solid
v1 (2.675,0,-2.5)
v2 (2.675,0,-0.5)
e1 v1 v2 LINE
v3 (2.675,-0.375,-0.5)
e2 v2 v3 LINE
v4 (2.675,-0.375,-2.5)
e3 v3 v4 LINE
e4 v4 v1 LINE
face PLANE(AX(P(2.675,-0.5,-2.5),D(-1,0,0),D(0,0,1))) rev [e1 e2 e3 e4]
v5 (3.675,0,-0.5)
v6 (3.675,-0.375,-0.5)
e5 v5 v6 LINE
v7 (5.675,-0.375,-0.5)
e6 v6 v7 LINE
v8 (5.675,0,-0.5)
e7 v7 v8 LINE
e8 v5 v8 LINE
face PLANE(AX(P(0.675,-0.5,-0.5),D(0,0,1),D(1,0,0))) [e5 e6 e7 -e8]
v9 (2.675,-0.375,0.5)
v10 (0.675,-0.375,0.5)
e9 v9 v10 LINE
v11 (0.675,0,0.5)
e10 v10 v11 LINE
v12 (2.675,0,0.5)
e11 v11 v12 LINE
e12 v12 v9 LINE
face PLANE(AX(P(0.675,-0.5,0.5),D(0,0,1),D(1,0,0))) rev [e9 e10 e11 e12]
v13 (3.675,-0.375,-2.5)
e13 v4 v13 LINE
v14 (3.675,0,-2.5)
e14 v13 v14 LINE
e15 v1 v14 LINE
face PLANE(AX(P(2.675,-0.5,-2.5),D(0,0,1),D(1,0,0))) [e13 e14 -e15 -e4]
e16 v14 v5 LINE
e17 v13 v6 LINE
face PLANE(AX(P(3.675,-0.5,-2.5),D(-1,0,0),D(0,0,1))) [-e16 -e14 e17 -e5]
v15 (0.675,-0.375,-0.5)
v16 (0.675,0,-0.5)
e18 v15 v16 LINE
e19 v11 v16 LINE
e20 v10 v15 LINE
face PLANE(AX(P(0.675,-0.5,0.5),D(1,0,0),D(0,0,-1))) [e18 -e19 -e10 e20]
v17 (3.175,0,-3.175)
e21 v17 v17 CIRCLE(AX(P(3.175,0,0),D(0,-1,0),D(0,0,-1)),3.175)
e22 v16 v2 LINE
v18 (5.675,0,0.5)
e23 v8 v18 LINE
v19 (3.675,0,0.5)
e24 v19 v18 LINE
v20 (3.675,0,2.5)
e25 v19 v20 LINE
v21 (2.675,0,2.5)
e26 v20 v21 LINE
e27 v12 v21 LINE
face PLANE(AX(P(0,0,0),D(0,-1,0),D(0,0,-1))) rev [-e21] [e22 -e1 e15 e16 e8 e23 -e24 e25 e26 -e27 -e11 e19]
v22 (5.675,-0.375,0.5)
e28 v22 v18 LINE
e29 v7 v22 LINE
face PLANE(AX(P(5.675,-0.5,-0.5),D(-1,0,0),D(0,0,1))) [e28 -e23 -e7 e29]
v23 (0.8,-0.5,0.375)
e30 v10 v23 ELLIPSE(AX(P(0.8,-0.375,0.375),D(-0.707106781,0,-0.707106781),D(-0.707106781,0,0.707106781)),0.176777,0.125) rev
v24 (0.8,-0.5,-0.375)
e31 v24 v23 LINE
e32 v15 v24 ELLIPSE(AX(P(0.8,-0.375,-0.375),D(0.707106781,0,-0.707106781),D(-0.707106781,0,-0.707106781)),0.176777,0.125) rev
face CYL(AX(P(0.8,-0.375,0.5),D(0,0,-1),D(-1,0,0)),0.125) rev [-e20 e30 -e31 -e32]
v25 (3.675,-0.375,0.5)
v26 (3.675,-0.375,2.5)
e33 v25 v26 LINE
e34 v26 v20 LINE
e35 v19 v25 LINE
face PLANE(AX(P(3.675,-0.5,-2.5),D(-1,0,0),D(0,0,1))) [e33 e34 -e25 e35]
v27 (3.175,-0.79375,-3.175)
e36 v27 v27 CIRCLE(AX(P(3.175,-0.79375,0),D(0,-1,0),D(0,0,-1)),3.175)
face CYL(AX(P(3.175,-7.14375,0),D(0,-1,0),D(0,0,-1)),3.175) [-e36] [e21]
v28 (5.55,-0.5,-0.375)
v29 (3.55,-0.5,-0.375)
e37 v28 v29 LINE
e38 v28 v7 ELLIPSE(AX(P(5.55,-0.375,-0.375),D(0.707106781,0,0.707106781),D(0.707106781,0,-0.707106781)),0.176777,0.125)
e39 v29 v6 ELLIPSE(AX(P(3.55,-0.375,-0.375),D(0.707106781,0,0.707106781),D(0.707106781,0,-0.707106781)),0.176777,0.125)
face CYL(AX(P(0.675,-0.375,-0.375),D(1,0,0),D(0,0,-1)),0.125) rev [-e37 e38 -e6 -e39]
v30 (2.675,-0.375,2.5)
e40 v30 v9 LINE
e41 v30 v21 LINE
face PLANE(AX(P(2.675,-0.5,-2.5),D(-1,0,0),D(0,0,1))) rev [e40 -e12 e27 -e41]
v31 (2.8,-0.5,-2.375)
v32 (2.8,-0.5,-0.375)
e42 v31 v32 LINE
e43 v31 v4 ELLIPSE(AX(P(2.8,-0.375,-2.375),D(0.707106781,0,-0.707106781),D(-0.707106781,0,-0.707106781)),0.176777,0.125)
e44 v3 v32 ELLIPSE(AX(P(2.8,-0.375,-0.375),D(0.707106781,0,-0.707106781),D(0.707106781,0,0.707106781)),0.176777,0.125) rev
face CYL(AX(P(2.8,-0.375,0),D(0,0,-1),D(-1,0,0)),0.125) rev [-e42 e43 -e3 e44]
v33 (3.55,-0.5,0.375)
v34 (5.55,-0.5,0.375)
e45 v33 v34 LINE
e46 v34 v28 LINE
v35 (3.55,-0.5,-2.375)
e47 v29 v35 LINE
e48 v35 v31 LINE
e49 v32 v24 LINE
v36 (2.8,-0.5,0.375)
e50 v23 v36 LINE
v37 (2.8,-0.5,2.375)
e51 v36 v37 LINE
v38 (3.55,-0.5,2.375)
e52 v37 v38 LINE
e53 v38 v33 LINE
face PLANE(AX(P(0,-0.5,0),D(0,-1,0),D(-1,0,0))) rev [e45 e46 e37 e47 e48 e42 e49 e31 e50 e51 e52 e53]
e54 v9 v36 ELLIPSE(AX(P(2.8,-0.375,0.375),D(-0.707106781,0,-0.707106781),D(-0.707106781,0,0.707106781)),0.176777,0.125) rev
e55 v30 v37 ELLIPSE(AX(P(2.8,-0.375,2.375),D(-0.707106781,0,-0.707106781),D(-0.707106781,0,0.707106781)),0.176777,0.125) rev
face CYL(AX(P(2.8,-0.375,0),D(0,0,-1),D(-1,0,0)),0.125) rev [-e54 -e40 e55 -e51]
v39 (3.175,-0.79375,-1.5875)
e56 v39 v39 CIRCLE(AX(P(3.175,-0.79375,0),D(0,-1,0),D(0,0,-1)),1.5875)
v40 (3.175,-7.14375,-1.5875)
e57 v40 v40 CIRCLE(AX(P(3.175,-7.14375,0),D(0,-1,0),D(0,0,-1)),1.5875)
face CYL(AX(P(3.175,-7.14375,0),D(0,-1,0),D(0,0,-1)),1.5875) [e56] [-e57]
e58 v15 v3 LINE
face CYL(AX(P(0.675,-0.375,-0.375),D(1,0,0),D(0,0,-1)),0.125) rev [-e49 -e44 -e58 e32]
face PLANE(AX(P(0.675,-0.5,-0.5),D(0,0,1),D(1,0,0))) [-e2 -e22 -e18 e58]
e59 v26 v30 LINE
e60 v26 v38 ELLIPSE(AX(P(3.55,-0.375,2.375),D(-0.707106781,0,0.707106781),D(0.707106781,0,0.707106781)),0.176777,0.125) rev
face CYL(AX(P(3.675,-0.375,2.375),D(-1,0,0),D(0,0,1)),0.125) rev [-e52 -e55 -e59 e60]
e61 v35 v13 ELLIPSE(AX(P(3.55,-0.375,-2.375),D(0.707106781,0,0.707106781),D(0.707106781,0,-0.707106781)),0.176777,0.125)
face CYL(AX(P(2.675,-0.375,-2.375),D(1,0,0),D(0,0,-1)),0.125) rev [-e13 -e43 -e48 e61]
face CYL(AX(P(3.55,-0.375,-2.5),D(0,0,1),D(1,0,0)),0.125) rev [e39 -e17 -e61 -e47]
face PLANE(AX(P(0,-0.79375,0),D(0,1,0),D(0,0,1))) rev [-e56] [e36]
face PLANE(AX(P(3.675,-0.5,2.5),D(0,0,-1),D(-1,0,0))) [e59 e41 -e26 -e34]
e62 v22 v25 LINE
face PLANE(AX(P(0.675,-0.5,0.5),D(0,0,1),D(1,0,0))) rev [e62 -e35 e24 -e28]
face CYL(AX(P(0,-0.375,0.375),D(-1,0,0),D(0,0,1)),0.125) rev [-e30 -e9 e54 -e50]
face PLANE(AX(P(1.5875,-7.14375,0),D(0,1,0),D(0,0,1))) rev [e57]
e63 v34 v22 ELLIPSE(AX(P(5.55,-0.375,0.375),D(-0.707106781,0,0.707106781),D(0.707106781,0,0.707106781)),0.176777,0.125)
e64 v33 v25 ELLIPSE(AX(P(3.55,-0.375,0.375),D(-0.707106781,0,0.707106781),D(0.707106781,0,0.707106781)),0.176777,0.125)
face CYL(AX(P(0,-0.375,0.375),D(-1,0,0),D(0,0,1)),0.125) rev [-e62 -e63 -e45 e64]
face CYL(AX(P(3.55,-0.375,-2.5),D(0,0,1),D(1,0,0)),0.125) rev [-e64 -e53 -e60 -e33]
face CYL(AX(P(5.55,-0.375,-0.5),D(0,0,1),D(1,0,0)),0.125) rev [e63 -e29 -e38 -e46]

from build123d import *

# Parameters (mm, degrees)
SKETCH2_W               = 5
SKETCH2_H               = 1
SKETCH2_W_2             = 1
SKETCH2_H_2             = 5
CUT_EXTRUDE_THIN1_DEPTH = 0.5
FILLET2_R               = 0.125


with BuildPart() as part:
    # Sketch1 → Revolve1 (revolve)
    with BuildSketch(Plane.XY, mode=Mode.PRIVATE) as revolve1_sk:
        Polygon((0, 0), (0, -0.79375), (1.5875, -0.79375), (1.5875, -7.14375), (3.175, -7.14375), (3.175, 0), align=None)
    revolve(revolve1_sk.sketch.rotate(Axis((3.175, -7.14375, 0), (0, 1, 0)), 270), axis=Axis((3.175, -7.14375, 0), (0, 1, 0)))

    # Sketch2 → Cut-Extrude-Thin1 (cut)
    with BuildSketch(Plane(origin=(0, 0, 0), x_dir=(1, 0, 0), z_dir=(0, 1, 0))):
        with Locations((3.175, 0)):
            Rectangle(SKETCH2_W, SKETCH2_H)
        with Locations((3.175, 0)):
            Rectangle(SKETCH2_W_2, SKETCH2_H_2)
    extrude(amount=-CUT_EXTRUDE_THIN1_DEPTH, mode=Mode.SUBTRACT)

    # Fillet2
    fillet2_edges = [part.edges().sort_by_distance(p)[0] for p in [
        (4.675, -0.5, 0.5),
        (1.675, -0.5, 0.5),
        (1.675, -0.5, -0.5),
        (3.175, -0.5, -2.5),
        (3.675, -0.5, -1.5),
        (4.675, -0.5, -0.5),
        (5.675, -0.5, 0),
        (3.675, -0.5, 1.5),
        (3.175, -0.5, 2.5),
        (0.675, -0.5, 0),
        (2.675, -0.5, -1.5),
        (2.675, -0.5, 1.5),
    ]]
    fillet(fillet2_edges, radius=FILLET2_R)


solid = part.part
